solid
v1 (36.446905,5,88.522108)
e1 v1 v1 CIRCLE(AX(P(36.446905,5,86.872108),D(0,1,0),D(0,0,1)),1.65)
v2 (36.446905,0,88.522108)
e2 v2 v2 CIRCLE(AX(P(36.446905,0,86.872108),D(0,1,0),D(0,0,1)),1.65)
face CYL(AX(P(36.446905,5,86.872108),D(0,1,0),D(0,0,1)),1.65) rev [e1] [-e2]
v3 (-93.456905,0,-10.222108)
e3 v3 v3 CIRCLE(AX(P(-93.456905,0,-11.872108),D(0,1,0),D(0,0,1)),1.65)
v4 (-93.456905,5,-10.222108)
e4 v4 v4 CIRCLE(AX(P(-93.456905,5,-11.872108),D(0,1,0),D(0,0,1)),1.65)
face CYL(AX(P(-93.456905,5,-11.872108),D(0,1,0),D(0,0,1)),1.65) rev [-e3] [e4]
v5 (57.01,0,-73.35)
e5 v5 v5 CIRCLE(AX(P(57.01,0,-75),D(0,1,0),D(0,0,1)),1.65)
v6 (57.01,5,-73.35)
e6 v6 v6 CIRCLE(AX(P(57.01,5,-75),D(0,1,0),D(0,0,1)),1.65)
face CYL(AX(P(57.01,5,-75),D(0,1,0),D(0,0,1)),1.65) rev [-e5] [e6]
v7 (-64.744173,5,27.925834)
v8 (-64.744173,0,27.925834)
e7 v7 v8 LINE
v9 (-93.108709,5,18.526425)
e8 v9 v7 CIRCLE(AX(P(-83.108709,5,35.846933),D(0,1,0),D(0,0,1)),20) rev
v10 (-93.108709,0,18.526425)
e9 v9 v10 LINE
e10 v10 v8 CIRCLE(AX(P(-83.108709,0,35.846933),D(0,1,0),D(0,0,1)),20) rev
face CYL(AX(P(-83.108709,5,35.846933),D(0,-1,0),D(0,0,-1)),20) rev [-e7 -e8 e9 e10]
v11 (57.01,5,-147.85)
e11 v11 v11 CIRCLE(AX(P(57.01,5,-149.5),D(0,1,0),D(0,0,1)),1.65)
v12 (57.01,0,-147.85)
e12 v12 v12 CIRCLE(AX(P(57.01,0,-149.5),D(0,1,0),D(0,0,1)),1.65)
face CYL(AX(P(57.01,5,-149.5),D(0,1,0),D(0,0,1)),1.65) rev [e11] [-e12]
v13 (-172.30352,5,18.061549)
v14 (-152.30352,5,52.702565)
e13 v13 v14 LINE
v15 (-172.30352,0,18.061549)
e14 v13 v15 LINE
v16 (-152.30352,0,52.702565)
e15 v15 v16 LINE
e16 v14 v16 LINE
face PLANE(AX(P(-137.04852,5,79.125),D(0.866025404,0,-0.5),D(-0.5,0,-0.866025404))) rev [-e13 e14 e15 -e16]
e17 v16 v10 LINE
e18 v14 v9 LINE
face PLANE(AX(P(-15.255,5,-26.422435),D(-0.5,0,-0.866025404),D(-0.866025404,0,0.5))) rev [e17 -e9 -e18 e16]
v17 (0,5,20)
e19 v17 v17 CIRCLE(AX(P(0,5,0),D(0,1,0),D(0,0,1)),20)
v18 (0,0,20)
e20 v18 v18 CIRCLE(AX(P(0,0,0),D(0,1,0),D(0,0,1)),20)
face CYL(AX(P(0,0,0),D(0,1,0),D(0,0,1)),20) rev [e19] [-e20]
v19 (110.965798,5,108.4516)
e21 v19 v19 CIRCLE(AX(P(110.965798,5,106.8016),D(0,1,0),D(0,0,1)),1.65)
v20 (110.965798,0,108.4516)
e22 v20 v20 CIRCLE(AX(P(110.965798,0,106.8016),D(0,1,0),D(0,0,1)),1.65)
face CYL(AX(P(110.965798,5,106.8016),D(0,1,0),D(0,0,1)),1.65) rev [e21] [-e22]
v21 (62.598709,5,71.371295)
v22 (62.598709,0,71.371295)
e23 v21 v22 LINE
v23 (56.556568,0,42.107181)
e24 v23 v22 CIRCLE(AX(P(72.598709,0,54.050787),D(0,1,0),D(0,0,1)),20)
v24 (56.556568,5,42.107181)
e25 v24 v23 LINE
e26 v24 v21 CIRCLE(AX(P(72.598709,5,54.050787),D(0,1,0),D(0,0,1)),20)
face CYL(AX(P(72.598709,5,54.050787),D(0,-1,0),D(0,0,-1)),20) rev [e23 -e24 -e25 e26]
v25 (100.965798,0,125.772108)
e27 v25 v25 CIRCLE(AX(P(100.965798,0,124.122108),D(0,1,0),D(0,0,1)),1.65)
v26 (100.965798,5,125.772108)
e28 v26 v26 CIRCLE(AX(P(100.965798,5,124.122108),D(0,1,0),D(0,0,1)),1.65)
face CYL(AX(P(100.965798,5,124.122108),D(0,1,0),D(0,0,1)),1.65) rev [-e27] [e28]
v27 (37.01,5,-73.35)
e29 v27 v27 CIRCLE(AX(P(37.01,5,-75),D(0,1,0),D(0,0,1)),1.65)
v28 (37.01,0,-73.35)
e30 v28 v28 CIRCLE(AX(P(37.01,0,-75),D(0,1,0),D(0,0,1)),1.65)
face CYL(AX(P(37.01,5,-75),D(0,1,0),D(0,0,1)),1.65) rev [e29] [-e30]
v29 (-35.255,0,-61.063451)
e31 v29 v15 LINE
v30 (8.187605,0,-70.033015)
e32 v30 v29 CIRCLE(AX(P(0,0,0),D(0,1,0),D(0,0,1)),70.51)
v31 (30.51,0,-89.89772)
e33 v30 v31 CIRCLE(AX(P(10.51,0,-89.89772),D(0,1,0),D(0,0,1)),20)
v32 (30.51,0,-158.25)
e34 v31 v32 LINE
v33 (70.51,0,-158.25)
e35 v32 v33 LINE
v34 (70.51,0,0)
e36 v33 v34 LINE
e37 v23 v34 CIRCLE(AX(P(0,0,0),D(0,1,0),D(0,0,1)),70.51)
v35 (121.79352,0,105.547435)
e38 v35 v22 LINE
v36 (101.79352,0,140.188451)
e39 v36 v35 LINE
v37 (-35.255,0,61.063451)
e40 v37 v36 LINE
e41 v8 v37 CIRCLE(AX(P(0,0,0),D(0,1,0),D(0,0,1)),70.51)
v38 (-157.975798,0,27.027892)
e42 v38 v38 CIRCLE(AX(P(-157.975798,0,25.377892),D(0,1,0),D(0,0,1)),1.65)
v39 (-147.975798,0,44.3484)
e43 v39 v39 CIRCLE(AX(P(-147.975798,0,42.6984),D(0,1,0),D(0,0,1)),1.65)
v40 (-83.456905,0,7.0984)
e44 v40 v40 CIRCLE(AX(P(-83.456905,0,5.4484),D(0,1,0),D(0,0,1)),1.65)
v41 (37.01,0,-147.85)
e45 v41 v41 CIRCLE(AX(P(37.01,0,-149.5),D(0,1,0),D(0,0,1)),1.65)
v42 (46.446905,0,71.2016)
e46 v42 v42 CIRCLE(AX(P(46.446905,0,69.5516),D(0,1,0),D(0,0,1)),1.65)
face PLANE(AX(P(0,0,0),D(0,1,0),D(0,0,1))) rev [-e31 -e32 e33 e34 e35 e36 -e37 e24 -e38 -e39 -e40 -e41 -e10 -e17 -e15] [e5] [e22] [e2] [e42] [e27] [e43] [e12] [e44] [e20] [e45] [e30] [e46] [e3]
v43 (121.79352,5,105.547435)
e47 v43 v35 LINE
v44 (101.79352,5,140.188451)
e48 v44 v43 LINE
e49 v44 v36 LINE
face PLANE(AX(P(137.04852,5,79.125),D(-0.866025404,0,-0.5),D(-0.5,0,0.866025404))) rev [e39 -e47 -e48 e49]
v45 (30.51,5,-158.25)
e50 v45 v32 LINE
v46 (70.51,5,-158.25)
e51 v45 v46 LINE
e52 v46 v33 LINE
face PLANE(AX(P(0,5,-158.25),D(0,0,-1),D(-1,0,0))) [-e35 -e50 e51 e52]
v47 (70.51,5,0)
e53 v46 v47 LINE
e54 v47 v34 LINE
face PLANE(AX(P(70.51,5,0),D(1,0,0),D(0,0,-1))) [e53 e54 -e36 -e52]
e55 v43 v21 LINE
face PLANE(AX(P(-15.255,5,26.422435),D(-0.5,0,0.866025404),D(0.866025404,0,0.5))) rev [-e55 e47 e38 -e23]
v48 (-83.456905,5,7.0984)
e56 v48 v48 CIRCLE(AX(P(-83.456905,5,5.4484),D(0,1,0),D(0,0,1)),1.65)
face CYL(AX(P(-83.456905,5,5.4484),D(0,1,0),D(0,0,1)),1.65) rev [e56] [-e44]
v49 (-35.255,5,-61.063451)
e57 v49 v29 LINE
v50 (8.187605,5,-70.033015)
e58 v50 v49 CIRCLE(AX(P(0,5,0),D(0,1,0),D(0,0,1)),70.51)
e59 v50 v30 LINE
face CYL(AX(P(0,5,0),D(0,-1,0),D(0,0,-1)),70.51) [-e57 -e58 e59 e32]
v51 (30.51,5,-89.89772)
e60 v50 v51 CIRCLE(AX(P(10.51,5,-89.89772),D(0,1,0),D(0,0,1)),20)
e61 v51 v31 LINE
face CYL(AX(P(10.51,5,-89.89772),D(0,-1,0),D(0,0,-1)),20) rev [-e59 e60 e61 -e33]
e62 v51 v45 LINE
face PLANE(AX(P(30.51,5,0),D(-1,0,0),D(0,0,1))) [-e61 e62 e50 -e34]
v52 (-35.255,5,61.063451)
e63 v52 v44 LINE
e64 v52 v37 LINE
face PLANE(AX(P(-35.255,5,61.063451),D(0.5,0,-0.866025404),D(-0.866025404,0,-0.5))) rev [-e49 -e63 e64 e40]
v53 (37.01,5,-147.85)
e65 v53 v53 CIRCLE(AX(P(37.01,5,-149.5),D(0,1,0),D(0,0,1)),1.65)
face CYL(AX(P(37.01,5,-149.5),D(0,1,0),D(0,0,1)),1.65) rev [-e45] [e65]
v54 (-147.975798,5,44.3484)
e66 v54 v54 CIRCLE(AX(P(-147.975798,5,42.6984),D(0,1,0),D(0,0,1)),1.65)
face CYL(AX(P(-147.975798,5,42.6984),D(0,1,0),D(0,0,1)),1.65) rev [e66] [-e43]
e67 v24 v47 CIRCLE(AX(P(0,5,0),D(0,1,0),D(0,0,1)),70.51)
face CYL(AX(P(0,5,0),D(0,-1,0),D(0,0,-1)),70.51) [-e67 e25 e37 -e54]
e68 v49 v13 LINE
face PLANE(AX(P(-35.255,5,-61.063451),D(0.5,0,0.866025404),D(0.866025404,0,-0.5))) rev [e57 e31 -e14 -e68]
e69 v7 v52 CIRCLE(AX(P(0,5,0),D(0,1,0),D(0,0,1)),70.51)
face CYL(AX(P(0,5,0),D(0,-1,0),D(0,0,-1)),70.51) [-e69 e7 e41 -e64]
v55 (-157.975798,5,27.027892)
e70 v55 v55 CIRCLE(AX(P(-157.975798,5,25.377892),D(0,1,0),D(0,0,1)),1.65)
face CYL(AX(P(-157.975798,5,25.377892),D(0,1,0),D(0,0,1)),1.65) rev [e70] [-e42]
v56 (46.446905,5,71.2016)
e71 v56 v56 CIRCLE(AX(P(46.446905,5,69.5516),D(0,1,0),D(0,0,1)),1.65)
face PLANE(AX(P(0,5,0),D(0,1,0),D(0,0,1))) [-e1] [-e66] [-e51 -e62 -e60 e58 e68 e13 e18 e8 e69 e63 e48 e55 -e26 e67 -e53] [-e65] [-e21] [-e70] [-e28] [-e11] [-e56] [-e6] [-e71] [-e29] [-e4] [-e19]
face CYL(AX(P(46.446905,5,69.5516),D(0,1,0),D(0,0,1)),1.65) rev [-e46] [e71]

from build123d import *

# Parameters (mm, degrees)
SKETCH_2_R          = 70.51
EXTRUDE_1_DEPTH     = 5
SKETCH_3_R          = 20
CUT_EXTRUDE_1_DEPTH = 235.001208449
HOLE_WIZARD_M4_1_D  = 3.3


with BuildPart() as part:
    # 스케치2 → 보스-돌출1 (new body)
    with BuildSketch(Plane(origin=(0, 0, 0), x_dir=(1, 0, 0), z_dir=(0, 1, 0))):
        with BuildLine():
            ThreePointArc((-70.305885551, -5.361208523), (-62.360516315, 32.906323175), (-35.255, 61.063451221))
            Line((-35.255, 61.063451221), (-172.303520149, -18.061548779))
            Line((-172.303520149, -18.061548779), (-152.303520149, -52.702564931))
            Line((-152.303520149, -52.702564931), (-93.108708968, -18.52642476))
            Line((-93.108708968, -18.52642476), (-70.305885551, -5.361208523))
        make_face()
        with BuildLine():
            ThreePointArc((-64.74417268, -27.925833988), (-68.461084842, -16.874239606), (-70.305885551, -5.361208523))
            Line((-70.305885551, -5.361208523), (-93.108708968, -18.52642476))
            ThreePointArc((-93.108708968, -18.52642476), (-76.817557222, -16.862165002), (-64.74417268, -27.925833988))
        make_face()
        Circle(SKETCH_2_R)
        with BuildLine():
            Line((62.598708968, -71.371294899), (39.795885551, -58.206078662))
            ThreePointArc((39.795885551, -58.206078662), (2.682546343, -70.45895291), (-35.255, -61.063451221))
            Line((-35.255, -61.063451221), (101.793520149, -140.188451221))
            Line((101.793520149, -140.188451221), (121.793520149, -105.547435069))
            Line((121.793520149, -105.547435069), (62.598708968, -71.371294899))
        make_face()
        with BuildLine():
            ThreePointArc((62.598708968, -71.371294899), (53.011841866, -58.09487351), (56.556567996, -42.107181294))
            ThreePointArc((56.556567996, -42.107181294), (48.84406259, -50.85191884), (39.795885551, -58.206078662))
            Line((39.795885551, -58.206078662), (62.598708968, -71.371294899))
        make_face()
        with BuildLine():
            Line((30.51, 89.89771966), (30.51, 63.567287185))
            ThreePointArc((30.51, 63.567287185), (59.677969972, 37.552629735), (70.51, 0))
            Line((70.51, 0), (70.51, 158.25))
            Line((70.51, 158.25), (30.51, 158.25))
            Line((30.51, 158.25), (30.51, 89.89771966))
        make_face()
        with BuildLine():
            ThreePointArc((8.187604685, 70.033015282), (19.617022252, 67.726158447), (30.51, 63.567287185))
            Line((30.51, 63.567287185), (30.51, 89.89771966))
            ThreePointArc((30.51, 89.89771966), (23.805715357, 74.957038512), (8.187604685, 70.033015282))
        make_face()
    extrude(amount=EXTRUDE_1_DEPTH)

    # 스케치3 → 컷-돌출1 (cut, through all)
    with BuildSketch(Plane(origin=(0, 5, 0), x_dir=(1, 0, 0), z_dir=(0, 1, 0))):
        with Locations(Location((0, 0, 0), (0, 0, 270))):
            Circle(SKETCH_3_R)
    extrude(amount=-CUT_EXTRUDE_1_DEPTH, mode=Mode.SUBTRACT)

    # M4 나사 구멍1 (through all)
    with Locations(Plane(origin=(0, 5, 0), x_dir=(1, 0, 0), z_dir=(0, 1, 0))):
        with Locations((57.01, 149.5), (37.01, 75), (37.01, 149.5), (57.01, 75), (100.965797866, -124.12210827), (46.446905284, -69.551600194), (110.965797866, -106.801600194), (36.446905284, -86.87210827), (-157.975797866, -25.37789173), (-83.456905284, -5.448399806), (-147.975797866, -42.698399806), (-93.456905284, 11.87210827)):
            Hole(HOLE_WIZARD_M4_1_D / 2)


solid = part.part
